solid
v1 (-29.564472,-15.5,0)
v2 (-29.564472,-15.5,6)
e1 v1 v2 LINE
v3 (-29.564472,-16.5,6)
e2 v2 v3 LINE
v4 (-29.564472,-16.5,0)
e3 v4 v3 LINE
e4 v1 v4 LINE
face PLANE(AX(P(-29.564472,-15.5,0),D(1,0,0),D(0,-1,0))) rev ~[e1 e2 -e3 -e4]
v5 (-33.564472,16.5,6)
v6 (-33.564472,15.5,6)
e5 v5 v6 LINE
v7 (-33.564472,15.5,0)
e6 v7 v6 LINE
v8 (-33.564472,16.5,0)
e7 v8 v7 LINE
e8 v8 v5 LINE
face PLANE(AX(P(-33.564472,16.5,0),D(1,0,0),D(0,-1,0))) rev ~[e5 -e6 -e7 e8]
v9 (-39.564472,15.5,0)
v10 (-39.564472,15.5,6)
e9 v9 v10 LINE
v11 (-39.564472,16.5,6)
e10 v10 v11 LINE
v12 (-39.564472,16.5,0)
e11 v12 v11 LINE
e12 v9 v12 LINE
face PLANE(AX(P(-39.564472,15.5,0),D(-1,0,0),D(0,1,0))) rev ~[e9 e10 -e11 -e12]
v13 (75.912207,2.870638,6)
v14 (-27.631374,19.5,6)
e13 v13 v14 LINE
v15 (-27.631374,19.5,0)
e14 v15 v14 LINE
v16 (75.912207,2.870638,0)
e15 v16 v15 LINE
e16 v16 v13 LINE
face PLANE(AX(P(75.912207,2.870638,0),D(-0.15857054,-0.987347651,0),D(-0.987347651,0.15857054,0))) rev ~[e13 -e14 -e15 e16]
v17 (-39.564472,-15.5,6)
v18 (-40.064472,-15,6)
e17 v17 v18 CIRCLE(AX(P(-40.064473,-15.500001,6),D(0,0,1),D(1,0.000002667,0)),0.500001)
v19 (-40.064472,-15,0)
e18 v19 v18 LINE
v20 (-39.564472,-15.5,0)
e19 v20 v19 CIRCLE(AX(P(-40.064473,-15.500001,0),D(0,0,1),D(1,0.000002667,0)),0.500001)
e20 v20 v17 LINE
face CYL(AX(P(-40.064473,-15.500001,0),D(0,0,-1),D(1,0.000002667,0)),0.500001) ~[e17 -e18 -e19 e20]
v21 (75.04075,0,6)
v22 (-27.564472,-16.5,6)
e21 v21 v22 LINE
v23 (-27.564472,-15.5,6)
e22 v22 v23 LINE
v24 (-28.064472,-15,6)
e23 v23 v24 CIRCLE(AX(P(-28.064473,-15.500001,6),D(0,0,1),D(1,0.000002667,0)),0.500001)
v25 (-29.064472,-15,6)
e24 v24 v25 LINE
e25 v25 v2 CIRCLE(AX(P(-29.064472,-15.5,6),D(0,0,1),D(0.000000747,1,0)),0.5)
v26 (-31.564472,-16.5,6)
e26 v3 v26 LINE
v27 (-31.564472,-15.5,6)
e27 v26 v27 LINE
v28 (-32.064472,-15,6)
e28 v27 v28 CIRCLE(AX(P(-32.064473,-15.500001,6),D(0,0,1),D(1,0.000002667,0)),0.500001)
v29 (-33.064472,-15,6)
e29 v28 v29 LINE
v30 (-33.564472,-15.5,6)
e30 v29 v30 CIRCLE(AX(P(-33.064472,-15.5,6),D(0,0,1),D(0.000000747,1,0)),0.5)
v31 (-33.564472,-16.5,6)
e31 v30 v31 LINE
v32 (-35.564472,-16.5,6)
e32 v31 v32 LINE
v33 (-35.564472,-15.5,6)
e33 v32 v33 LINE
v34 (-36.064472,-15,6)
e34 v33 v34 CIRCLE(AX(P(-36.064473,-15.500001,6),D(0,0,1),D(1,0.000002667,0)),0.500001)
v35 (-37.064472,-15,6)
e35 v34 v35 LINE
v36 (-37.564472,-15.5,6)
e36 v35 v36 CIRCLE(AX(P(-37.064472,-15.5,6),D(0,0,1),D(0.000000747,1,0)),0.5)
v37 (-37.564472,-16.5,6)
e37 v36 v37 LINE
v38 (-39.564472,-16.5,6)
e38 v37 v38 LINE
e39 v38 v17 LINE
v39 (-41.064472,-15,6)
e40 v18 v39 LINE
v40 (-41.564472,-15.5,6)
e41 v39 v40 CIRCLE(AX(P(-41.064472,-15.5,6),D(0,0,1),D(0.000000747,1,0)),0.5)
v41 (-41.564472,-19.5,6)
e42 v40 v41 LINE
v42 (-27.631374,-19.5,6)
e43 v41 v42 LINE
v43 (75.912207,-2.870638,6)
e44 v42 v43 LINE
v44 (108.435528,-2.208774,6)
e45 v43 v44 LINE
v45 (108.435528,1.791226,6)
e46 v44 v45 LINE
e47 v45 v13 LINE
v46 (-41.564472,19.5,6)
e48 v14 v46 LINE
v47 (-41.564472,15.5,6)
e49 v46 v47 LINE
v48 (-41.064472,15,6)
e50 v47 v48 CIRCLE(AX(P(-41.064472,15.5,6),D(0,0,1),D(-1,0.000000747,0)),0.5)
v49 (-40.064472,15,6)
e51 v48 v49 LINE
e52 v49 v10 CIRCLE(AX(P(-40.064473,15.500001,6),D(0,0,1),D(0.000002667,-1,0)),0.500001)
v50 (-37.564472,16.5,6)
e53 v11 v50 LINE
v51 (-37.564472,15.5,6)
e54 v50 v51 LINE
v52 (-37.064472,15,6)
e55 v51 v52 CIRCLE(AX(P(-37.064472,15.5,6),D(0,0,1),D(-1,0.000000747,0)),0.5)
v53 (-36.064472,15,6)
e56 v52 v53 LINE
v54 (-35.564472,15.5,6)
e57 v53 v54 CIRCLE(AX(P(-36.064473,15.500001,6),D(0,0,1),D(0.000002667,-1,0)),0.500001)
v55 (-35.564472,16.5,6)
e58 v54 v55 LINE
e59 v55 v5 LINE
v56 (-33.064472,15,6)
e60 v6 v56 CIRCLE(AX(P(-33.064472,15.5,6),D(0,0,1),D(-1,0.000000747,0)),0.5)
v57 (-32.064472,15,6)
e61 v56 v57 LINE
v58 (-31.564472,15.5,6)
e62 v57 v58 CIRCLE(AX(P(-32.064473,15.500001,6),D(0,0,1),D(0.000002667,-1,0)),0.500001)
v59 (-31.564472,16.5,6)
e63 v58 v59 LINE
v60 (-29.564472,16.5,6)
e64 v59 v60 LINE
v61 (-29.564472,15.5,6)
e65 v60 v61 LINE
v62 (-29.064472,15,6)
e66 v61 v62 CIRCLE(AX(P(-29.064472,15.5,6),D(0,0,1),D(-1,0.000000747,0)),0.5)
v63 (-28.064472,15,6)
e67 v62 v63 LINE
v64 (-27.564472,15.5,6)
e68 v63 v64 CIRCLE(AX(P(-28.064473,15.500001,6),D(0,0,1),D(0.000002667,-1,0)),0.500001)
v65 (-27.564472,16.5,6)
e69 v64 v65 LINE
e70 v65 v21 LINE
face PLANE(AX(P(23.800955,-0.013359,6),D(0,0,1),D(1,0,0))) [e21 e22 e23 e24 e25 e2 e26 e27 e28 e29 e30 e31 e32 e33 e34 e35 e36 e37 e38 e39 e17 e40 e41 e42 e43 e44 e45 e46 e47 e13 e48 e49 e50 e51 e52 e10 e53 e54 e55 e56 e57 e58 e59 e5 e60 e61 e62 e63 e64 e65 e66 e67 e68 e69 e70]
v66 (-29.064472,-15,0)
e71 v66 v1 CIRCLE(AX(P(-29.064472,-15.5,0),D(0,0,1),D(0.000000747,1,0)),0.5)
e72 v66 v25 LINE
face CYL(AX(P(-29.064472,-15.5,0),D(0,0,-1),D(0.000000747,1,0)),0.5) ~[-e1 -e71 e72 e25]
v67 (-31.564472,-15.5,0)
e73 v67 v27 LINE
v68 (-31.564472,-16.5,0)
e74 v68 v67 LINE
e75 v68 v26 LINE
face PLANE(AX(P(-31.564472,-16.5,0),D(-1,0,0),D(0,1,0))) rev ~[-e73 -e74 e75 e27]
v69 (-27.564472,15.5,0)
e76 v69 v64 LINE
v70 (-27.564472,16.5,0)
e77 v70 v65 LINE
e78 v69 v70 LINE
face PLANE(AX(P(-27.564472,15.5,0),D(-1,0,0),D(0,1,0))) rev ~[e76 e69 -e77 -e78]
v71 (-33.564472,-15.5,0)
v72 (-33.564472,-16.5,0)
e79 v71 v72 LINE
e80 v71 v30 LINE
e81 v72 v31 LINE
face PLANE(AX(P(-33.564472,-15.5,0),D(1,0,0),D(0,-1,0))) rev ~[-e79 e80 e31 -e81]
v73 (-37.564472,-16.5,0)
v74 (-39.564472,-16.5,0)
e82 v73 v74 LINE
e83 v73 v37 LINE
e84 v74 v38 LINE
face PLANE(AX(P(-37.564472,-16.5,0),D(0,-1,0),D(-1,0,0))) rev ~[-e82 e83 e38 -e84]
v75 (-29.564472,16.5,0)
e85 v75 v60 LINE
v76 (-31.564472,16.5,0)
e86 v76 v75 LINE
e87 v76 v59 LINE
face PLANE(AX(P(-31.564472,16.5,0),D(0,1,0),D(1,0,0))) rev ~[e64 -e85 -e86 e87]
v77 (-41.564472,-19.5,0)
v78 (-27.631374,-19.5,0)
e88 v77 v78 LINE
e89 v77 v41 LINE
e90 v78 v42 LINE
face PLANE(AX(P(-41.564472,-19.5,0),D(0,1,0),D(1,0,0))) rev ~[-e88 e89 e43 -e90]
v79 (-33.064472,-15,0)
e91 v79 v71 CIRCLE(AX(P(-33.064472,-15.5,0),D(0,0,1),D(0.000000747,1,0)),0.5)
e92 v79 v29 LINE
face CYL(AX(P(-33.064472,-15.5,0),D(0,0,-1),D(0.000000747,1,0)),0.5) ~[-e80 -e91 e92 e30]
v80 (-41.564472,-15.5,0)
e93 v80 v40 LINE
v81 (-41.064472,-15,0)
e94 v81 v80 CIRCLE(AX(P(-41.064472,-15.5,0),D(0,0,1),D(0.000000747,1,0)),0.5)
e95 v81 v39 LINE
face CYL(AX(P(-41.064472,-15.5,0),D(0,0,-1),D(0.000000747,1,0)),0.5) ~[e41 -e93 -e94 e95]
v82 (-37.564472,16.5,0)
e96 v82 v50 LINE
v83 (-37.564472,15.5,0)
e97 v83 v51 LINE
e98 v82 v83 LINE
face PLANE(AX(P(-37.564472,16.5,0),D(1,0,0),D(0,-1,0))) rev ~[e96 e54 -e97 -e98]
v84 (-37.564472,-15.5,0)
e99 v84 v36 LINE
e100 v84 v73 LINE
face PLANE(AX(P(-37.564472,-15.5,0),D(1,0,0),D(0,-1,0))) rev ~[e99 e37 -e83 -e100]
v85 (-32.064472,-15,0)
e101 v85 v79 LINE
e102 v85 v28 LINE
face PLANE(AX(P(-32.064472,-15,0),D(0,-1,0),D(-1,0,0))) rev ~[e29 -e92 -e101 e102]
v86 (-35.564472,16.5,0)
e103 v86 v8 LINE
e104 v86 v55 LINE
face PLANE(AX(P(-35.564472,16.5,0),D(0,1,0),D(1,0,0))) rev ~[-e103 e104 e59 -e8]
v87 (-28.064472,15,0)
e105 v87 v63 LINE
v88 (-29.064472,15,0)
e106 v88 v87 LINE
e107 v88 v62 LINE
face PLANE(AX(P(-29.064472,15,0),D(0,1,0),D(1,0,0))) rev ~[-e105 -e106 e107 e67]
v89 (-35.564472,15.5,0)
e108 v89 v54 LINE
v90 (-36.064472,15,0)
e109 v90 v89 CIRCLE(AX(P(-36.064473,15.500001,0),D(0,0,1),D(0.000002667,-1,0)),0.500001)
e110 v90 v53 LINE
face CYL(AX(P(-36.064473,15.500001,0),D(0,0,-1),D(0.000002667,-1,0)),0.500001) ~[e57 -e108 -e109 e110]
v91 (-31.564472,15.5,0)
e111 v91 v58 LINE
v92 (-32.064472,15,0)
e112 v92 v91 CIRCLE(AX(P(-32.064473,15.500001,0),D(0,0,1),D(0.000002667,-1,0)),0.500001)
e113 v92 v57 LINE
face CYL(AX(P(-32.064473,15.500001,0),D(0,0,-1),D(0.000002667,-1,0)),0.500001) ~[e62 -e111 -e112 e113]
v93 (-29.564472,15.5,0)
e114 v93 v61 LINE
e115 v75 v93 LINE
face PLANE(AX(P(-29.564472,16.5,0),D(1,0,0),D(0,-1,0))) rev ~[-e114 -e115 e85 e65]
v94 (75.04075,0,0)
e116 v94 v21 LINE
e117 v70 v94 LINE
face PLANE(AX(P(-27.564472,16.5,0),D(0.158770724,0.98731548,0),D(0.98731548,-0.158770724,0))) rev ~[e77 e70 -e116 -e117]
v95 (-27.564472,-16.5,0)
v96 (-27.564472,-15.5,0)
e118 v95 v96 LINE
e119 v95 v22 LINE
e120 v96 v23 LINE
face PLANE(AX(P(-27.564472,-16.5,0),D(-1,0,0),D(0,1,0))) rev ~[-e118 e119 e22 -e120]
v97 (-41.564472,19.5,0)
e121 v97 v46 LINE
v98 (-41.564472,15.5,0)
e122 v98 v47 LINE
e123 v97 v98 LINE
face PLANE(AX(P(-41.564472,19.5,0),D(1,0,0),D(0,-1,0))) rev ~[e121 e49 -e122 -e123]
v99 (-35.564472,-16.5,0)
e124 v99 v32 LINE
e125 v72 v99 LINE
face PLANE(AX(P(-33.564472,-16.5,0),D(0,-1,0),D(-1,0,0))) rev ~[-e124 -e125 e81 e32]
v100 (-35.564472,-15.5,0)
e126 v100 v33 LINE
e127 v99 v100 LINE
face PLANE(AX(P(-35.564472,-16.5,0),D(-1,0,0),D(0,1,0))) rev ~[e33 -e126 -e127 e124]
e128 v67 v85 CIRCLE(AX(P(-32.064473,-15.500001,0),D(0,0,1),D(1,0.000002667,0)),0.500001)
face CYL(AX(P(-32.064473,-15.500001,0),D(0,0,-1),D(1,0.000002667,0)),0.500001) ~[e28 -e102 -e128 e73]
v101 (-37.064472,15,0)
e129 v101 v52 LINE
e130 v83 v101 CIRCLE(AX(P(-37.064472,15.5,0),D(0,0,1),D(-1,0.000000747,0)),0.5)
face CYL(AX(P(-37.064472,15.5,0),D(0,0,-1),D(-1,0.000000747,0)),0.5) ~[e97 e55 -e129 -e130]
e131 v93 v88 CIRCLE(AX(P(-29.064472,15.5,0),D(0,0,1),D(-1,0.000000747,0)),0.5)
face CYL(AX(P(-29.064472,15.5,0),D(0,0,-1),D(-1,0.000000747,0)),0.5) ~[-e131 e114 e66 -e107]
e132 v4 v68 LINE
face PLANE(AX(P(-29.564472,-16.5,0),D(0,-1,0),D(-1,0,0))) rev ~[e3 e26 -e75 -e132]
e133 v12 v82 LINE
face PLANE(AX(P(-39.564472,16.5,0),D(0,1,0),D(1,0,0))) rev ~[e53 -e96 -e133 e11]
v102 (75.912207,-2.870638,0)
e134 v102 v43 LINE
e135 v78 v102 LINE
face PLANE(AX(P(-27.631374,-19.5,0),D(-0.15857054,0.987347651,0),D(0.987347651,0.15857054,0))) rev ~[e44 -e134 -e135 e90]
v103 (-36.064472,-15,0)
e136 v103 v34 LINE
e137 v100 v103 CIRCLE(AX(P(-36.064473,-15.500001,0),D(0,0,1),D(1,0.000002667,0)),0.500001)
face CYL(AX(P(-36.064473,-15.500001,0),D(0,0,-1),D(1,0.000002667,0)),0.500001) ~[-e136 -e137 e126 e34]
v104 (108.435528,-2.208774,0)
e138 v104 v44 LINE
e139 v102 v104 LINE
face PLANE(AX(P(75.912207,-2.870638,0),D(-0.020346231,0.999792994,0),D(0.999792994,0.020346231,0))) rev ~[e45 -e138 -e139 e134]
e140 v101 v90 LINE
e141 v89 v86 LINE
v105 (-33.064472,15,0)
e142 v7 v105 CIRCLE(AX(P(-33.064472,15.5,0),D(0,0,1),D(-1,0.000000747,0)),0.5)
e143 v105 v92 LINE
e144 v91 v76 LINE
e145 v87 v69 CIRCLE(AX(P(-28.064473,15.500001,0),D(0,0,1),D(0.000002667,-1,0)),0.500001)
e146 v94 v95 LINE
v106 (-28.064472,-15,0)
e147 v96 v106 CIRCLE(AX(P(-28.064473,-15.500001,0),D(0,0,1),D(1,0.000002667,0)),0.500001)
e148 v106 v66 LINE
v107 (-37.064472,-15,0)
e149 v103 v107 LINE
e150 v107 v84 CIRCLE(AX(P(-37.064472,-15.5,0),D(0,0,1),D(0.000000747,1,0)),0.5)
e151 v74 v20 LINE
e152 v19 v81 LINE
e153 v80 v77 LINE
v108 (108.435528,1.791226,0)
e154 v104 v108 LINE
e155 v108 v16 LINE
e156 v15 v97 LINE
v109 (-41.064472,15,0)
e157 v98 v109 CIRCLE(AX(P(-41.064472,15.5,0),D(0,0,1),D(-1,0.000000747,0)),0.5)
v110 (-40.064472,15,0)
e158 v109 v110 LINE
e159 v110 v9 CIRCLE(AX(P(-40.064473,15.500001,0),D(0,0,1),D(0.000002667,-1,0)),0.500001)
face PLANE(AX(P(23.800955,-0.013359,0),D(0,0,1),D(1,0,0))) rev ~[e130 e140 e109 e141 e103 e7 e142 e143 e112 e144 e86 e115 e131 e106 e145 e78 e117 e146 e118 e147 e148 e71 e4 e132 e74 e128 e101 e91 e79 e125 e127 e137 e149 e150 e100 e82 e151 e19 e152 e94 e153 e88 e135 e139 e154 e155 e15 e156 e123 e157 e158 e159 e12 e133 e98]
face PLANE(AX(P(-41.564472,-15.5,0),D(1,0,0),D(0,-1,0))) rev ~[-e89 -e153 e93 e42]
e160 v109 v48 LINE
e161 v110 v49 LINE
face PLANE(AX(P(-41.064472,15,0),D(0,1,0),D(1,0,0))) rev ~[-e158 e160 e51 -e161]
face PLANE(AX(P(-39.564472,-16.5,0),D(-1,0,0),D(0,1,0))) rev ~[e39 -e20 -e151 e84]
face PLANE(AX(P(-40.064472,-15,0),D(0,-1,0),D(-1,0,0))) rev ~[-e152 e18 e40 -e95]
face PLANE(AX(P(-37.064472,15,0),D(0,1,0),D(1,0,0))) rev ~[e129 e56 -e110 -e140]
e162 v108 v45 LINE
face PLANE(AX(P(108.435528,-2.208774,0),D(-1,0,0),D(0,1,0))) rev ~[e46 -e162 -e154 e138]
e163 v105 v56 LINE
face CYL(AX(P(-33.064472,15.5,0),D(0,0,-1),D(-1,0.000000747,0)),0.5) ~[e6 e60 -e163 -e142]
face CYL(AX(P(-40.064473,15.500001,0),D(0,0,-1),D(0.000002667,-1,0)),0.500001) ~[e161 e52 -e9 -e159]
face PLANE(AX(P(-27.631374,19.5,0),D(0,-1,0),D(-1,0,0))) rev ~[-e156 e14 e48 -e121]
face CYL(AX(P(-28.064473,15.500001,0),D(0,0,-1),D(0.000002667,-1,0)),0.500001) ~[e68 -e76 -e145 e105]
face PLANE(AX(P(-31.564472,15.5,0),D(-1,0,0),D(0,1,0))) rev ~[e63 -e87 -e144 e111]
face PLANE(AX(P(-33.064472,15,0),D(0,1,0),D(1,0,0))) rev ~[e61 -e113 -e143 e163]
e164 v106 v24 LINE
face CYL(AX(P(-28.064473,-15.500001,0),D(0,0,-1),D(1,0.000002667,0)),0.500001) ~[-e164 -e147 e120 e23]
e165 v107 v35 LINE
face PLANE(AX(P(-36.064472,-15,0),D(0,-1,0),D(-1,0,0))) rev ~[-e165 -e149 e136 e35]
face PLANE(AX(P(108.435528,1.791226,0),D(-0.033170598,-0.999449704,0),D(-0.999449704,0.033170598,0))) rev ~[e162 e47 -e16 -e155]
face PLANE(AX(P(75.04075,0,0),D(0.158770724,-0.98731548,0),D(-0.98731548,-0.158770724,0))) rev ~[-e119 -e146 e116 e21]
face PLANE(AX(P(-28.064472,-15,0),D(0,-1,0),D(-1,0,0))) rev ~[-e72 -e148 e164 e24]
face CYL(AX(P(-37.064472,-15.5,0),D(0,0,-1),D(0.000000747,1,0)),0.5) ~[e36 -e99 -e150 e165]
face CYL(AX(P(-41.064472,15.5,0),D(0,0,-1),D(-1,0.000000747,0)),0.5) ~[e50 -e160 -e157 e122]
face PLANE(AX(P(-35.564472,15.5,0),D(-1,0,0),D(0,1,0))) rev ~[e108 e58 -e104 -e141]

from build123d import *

# Parameters (mm, degrees)
F1_DEPTH = 6


with BuildPart() as f1:
    # F0 (on Top) → F1 (new body)
    with BuildSketch(Plane.XY):
        with BuildLine():
            Line((-27.631374, -19.5), (75.912207, -2.870638))
            Line((75.912207, -2.870638), (108.435528, -2.208774))
            Line((108.435528, -2.208774), (108.435528, 1.791226))
            Line((108.435528, 1.791226), (75.912207, 2.870638))
            Line((75.912207, 2.870638), (-27.631374, 19.5))
            Line((-27.631374, 19.5), (-41.564472, 19.5))
            Line((-41.564472, 19.5), (-41.564472, 15.5))
            ThreePointArc((-41.564472, 15.5), (-41.418026, 15.146447), (-41.064472, 15))
            Line((-41.064472, 15), (-40.064472, 15))
            ThreePointArc((-40.064472, 15), (-39.710919, 15.146447), (-39.564472, 15.5))
            Line((-39.564472, 15.5), (-39.564472, 16.5))
            Line((-39.564472, 16.5), (-37.564472, 16.5))
            Line((-37.564472, 16.5), (-37.564472, 15.5))
            ThreePointArc((-37.564472, 15.5), (-37.418026, 15.146447), (-37.064472, 15))
            Line((-37.064472, 15), (-36.064472, 15))
            ThreePointArc((-36.064472, 15), (-35.710919, 15.146447), (-35.564472, 15.5))
            Line((-35.564472, 15.5), (-35.564472, 16.5))
            Line((-35.564472, 16.5), (-33.564472, 16.5))
            Line((-33.564472, 16.5), (-33.564472, 15.5))
            ThreePointArc((-33.564472, 15.5), (-33.418026, 15.146447), (-33.064472, 15))
            Line((-33.064472, 15), (-32.064472, 15))
            ThreePointArc((-32.064472, 15), (-31.710919, 15.146447), (-31.564472, 15.5))
            Line((-31.564472, 15.5), (-31.564472, 16.5))
            Line((-31.564472, 16.5), (-29.564472, 16.5))
            Line((-29.564472, 16.5), (-29.564472, 15.5))
            ThreePointArc((-29.564472, 15.5), (-29.418026, 15.146447), (-29.064472, 15))
            Line((-29.064472, 15), (-28.064472, 15))
            ThreePointArc((-28.064472, 15), (-27.710919, 15.146447), (-27.564472, 15.5))
            Line((-27.564472, 15.5), (-27.564472, 16.5))
            Line((-27.564472, 16.5), (75.04075, 0))
            Line((75.04075, 0), (-27.564472, -16.5))
            Line((-27.564472, -16.5), (-27.564472, -15.5))
            ThreePointArc((-27.564472, -15.5), (-27.710919, -15.146447), (-28.064472, -15))
            Line((-28.064472, -15), (-29.064472, -15))
            ThreePointArc((-29.064472, -15), (-29.418026, -15.146447), (-29.564472, -15.5))
            Line((-29.564472, -15.5), (-29.564472, -16.5))
            Line((-29.564472, -16.5), (-31.564472, -16.5))
            Line((-31.564472, -16.5), (-31.564472, -15.5))
            ThreePointArc((-31.564472, -15.5), (-31.710919, -15.146447), (-32.064472, -15))
            Line((-32.064472, -15), (-33.064472, -15))
            ThreePointArc((-33.064472, -15), (-33.418026, -15.146447), (-33.564472, -15.5))
            Line((-33.564472, -15.5), (-33.564472, -16.5))
            Line((-33.564472, -16.5), (-35.564472, -16.5))
            Line((-35.564472, -16.5), (-35.564472, -15.5))
            ThreePointArc((-35.564472, -15.5), (-35.710919, -15.146447), (-36.064472, -15))
            Line((-36.064472, -15), (-37.064472, -15))
            ThreePointArc((-37.064472, -15), (-37.418026, -15.146447), (-37.564472, -15.5))
            Line((-37.564472, -15.5), (-37.564472, -16.5))
            Line((-37.564472, -16.5), (-39.564472, -16.5))
            Line((-39.564472, -16.5), (-39.564472, -15.5))
            ThreePointArc((-39.564472, -15.5), (-39.710919, -15.146447), (-40.064472, -15))
            Line((-40.064472, -15), (-41.064472, -15))
            ThreePointArc((-41.064472, -15), (-41.418026, -15.146447), (-41.564472, -15.5))
            Line((-41.564472, -15.5), (-41.564472, -19.5))
            Line((-41.564472, -19.5), (-27.631374, -19.5))
        make_face()
    extrude(amount=F1_DEPTH)


solid = f1.part
